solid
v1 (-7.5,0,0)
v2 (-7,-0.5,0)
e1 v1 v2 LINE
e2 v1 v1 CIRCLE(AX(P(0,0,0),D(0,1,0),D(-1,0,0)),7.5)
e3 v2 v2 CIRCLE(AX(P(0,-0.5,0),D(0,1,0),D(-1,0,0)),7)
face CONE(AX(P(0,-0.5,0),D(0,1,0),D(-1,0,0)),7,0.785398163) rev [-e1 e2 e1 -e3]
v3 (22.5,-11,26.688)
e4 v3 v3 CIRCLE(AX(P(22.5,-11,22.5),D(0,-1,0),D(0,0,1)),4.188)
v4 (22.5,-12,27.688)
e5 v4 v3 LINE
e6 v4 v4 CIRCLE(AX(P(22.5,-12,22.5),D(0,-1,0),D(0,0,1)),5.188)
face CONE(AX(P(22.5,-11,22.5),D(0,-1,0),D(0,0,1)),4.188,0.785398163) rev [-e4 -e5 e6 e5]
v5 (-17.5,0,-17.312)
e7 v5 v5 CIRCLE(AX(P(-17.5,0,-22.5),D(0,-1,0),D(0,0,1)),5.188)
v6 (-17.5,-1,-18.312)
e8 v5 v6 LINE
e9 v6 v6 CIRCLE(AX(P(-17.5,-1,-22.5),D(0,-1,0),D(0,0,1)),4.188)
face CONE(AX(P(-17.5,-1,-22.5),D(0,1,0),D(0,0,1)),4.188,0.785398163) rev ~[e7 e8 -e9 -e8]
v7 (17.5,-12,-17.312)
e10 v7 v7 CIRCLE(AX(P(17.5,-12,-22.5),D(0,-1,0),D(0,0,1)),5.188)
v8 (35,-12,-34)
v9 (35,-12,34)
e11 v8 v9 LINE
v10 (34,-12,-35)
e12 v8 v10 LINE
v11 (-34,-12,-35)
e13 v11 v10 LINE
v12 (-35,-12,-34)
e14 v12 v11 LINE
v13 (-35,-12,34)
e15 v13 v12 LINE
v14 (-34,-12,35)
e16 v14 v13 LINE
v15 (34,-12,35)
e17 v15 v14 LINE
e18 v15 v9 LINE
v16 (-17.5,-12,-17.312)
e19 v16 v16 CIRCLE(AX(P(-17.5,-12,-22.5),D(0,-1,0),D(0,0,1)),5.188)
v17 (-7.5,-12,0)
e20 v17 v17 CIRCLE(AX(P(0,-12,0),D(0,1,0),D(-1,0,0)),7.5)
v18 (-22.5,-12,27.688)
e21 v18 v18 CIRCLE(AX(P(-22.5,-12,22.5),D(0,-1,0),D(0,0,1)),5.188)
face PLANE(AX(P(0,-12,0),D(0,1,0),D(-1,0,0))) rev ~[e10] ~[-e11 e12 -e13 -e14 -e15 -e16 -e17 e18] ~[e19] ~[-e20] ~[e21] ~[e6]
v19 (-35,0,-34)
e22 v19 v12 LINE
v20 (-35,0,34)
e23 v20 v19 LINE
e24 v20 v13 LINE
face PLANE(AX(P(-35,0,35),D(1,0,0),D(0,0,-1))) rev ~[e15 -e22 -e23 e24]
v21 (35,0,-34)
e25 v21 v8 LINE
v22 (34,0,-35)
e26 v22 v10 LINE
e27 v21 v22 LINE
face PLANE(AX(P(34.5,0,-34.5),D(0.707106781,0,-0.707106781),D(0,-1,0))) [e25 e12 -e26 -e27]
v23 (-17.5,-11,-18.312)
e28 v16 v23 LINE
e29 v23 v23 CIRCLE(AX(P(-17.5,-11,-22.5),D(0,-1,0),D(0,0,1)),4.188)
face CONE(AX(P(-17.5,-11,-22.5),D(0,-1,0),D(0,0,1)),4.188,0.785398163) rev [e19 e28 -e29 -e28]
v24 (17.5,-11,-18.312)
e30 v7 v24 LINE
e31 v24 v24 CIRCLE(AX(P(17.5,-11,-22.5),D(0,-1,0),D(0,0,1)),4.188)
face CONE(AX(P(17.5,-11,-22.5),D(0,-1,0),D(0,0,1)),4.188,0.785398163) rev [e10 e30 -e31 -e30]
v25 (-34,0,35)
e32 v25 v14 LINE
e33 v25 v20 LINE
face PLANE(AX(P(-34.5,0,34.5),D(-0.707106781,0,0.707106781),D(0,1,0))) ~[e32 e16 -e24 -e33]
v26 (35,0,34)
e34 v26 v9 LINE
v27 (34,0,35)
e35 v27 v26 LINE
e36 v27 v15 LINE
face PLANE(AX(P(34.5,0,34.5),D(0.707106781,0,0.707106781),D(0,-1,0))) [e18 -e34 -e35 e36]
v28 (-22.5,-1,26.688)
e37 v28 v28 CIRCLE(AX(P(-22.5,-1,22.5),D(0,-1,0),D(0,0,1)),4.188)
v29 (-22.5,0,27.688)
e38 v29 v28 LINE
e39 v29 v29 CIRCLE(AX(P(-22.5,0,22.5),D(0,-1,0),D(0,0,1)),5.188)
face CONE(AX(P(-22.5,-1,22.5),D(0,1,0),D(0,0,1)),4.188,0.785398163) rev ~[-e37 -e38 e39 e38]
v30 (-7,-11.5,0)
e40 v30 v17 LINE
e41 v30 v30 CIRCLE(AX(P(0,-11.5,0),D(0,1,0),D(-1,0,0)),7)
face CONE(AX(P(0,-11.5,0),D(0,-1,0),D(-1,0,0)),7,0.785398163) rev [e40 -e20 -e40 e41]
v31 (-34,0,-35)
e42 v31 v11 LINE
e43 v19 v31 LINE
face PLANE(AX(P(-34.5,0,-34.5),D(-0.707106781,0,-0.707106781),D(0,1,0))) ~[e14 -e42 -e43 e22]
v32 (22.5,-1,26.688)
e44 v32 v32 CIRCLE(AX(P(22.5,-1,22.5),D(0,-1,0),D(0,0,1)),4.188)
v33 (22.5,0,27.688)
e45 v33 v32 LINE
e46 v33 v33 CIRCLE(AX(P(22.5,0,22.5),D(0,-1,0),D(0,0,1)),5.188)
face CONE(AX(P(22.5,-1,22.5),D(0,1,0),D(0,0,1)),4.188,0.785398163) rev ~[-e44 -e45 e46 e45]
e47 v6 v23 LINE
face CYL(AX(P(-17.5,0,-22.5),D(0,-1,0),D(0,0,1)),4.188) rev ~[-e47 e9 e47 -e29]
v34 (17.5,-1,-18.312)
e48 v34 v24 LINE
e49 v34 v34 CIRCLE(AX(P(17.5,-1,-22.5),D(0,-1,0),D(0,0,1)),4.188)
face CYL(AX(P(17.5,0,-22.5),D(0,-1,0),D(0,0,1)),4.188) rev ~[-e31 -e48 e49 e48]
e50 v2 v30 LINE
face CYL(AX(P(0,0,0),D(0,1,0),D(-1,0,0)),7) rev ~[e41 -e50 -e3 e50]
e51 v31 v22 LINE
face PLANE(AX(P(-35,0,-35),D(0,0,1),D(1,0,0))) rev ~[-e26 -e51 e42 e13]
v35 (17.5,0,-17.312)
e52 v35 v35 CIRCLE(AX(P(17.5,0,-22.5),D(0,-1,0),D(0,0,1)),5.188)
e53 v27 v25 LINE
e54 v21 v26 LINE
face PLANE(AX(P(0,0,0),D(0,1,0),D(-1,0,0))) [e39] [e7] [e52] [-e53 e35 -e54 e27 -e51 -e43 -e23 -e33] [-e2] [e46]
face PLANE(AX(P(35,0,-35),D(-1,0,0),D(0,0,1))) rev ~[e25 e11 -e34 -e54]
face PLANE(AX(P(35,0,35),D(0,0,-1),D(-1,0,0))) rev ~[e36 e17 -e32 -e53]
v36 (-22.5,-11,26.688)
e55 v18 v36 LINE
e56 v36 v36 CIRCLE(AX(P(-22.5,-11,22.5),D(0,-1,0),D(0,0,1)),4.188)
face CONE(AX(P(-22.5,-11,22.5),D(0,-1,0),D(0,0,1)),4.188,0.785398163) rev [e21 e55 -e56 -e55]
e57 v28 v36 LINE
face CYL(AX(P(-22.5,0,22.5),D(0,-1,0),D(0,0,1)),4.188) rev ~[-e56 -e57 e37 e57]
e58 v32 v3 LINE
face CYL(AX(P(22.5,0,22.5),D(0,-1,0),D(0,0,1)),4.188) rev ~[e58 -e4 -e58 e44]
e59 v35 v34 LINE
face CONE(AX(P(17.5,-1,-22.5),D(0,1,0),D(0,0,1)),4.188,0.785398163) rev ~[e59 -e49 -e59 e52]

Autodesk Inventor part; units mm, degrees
ref_plane "YZ Plane" through (0, 0, 0) normal (1, 0, 0) x (0, 1, 0)
ref_plane "XZ Plane" through (0, 0, 0) normal (0, 1, 0) x (-1, 0, 0)
ref_plane "XY Plane" through (0, 0, 0) normal (0, 0, 1) x (1, 0, 0)
sketch "Sketch1" plane through (0, 0, 0) normal (0, 1, 0) x (-1, 0, 0)
  line L0 (-35, 35) -> (35, 35)
  line L1 (35, 35) -> (35, -35)
  line L2 (35, -35) -> (-35, -35)
  line L3 (-35, -35) -> (-35, 35)
  line L4 (-35, 35) -> (35, -35) construction
  line L5 (35, 35) -> (-35, -35) construction
  line L6 (-22.5, 22.5) -> (22.5, 22.5) construction
  line L7 (22.5, 22.5) -> (22.5, -22.5) construction
  line L8 (22.5, -22.5) -> (-22.5, -22.5) construction
  line L9 (-22.5, -22.5) -> (-22.5, 22.5) construction
  line L10 (-22.5, 22.5) -> (22.5, -22.5) construction
  line L11 (22.5, 22.5) -> (-22.5, -22.5) construction
  circle A0 centre (0, 0) radius 7
  line L12 (17.5, 22.5) -> (-17.5, 22.5) construction
  line L13 (-17.5, 22.5) -> (-17.5, -22.5) construction
  line L14 (-17.5, -22.5) -> (17.5, -22.5) construction
  line L15 (17.5, -22.5) -> (17.5, 22.5) construction
  line L16 (49, 0) -> (-49, 0) construction
  line L17 (0, -49) -> (0, 49) construction
  dimension "d0" = 70
  dimension "d1" = 45
  dimension "d2" = 14
  dimension "d19" = 70
  dimension "d20" = 35
  dimension "d21" = 45
  dimension "d25" = 12.5
  dimension "d26" = 17.5
extrude "Extrusion1" add sketch "Sketch1" against normal blind 12
hole "Hole1" at (-22.5, 0, 22.5) at (22.5, 0, 22.5) at (-17.5, 0, -22.5) at (17.5, 0, -22.5) direction (0, -1, 0) diameter 8.376 end through all thread size "M10x1.5" class "6H" standard "ISO Metric profile"
chamfer "Chamfer1" distance 1 angle 45 8 edges at (17.5, 0, -26.688) (-17.5, 0, -26.688) (22.5, 0, 18.312) (-22.5, 0, 18.312) (17.5, -12, -26.688) (-17.5, -12, -26.688) (22.5, -12, 18.312) (-22.5, -12, 18.312)
chamfer "Chamfer2" distance 0.5 angle 45 2 edges at (7, 0, 0) (7, -12, 0)
chamfer "Chamfer3" distance 1 angle 45 4 edges at (-35, -6, 35) (-35, -6, -35) (35, -6, -35) (35, -6, 35)
properties part number "AP1-001"
